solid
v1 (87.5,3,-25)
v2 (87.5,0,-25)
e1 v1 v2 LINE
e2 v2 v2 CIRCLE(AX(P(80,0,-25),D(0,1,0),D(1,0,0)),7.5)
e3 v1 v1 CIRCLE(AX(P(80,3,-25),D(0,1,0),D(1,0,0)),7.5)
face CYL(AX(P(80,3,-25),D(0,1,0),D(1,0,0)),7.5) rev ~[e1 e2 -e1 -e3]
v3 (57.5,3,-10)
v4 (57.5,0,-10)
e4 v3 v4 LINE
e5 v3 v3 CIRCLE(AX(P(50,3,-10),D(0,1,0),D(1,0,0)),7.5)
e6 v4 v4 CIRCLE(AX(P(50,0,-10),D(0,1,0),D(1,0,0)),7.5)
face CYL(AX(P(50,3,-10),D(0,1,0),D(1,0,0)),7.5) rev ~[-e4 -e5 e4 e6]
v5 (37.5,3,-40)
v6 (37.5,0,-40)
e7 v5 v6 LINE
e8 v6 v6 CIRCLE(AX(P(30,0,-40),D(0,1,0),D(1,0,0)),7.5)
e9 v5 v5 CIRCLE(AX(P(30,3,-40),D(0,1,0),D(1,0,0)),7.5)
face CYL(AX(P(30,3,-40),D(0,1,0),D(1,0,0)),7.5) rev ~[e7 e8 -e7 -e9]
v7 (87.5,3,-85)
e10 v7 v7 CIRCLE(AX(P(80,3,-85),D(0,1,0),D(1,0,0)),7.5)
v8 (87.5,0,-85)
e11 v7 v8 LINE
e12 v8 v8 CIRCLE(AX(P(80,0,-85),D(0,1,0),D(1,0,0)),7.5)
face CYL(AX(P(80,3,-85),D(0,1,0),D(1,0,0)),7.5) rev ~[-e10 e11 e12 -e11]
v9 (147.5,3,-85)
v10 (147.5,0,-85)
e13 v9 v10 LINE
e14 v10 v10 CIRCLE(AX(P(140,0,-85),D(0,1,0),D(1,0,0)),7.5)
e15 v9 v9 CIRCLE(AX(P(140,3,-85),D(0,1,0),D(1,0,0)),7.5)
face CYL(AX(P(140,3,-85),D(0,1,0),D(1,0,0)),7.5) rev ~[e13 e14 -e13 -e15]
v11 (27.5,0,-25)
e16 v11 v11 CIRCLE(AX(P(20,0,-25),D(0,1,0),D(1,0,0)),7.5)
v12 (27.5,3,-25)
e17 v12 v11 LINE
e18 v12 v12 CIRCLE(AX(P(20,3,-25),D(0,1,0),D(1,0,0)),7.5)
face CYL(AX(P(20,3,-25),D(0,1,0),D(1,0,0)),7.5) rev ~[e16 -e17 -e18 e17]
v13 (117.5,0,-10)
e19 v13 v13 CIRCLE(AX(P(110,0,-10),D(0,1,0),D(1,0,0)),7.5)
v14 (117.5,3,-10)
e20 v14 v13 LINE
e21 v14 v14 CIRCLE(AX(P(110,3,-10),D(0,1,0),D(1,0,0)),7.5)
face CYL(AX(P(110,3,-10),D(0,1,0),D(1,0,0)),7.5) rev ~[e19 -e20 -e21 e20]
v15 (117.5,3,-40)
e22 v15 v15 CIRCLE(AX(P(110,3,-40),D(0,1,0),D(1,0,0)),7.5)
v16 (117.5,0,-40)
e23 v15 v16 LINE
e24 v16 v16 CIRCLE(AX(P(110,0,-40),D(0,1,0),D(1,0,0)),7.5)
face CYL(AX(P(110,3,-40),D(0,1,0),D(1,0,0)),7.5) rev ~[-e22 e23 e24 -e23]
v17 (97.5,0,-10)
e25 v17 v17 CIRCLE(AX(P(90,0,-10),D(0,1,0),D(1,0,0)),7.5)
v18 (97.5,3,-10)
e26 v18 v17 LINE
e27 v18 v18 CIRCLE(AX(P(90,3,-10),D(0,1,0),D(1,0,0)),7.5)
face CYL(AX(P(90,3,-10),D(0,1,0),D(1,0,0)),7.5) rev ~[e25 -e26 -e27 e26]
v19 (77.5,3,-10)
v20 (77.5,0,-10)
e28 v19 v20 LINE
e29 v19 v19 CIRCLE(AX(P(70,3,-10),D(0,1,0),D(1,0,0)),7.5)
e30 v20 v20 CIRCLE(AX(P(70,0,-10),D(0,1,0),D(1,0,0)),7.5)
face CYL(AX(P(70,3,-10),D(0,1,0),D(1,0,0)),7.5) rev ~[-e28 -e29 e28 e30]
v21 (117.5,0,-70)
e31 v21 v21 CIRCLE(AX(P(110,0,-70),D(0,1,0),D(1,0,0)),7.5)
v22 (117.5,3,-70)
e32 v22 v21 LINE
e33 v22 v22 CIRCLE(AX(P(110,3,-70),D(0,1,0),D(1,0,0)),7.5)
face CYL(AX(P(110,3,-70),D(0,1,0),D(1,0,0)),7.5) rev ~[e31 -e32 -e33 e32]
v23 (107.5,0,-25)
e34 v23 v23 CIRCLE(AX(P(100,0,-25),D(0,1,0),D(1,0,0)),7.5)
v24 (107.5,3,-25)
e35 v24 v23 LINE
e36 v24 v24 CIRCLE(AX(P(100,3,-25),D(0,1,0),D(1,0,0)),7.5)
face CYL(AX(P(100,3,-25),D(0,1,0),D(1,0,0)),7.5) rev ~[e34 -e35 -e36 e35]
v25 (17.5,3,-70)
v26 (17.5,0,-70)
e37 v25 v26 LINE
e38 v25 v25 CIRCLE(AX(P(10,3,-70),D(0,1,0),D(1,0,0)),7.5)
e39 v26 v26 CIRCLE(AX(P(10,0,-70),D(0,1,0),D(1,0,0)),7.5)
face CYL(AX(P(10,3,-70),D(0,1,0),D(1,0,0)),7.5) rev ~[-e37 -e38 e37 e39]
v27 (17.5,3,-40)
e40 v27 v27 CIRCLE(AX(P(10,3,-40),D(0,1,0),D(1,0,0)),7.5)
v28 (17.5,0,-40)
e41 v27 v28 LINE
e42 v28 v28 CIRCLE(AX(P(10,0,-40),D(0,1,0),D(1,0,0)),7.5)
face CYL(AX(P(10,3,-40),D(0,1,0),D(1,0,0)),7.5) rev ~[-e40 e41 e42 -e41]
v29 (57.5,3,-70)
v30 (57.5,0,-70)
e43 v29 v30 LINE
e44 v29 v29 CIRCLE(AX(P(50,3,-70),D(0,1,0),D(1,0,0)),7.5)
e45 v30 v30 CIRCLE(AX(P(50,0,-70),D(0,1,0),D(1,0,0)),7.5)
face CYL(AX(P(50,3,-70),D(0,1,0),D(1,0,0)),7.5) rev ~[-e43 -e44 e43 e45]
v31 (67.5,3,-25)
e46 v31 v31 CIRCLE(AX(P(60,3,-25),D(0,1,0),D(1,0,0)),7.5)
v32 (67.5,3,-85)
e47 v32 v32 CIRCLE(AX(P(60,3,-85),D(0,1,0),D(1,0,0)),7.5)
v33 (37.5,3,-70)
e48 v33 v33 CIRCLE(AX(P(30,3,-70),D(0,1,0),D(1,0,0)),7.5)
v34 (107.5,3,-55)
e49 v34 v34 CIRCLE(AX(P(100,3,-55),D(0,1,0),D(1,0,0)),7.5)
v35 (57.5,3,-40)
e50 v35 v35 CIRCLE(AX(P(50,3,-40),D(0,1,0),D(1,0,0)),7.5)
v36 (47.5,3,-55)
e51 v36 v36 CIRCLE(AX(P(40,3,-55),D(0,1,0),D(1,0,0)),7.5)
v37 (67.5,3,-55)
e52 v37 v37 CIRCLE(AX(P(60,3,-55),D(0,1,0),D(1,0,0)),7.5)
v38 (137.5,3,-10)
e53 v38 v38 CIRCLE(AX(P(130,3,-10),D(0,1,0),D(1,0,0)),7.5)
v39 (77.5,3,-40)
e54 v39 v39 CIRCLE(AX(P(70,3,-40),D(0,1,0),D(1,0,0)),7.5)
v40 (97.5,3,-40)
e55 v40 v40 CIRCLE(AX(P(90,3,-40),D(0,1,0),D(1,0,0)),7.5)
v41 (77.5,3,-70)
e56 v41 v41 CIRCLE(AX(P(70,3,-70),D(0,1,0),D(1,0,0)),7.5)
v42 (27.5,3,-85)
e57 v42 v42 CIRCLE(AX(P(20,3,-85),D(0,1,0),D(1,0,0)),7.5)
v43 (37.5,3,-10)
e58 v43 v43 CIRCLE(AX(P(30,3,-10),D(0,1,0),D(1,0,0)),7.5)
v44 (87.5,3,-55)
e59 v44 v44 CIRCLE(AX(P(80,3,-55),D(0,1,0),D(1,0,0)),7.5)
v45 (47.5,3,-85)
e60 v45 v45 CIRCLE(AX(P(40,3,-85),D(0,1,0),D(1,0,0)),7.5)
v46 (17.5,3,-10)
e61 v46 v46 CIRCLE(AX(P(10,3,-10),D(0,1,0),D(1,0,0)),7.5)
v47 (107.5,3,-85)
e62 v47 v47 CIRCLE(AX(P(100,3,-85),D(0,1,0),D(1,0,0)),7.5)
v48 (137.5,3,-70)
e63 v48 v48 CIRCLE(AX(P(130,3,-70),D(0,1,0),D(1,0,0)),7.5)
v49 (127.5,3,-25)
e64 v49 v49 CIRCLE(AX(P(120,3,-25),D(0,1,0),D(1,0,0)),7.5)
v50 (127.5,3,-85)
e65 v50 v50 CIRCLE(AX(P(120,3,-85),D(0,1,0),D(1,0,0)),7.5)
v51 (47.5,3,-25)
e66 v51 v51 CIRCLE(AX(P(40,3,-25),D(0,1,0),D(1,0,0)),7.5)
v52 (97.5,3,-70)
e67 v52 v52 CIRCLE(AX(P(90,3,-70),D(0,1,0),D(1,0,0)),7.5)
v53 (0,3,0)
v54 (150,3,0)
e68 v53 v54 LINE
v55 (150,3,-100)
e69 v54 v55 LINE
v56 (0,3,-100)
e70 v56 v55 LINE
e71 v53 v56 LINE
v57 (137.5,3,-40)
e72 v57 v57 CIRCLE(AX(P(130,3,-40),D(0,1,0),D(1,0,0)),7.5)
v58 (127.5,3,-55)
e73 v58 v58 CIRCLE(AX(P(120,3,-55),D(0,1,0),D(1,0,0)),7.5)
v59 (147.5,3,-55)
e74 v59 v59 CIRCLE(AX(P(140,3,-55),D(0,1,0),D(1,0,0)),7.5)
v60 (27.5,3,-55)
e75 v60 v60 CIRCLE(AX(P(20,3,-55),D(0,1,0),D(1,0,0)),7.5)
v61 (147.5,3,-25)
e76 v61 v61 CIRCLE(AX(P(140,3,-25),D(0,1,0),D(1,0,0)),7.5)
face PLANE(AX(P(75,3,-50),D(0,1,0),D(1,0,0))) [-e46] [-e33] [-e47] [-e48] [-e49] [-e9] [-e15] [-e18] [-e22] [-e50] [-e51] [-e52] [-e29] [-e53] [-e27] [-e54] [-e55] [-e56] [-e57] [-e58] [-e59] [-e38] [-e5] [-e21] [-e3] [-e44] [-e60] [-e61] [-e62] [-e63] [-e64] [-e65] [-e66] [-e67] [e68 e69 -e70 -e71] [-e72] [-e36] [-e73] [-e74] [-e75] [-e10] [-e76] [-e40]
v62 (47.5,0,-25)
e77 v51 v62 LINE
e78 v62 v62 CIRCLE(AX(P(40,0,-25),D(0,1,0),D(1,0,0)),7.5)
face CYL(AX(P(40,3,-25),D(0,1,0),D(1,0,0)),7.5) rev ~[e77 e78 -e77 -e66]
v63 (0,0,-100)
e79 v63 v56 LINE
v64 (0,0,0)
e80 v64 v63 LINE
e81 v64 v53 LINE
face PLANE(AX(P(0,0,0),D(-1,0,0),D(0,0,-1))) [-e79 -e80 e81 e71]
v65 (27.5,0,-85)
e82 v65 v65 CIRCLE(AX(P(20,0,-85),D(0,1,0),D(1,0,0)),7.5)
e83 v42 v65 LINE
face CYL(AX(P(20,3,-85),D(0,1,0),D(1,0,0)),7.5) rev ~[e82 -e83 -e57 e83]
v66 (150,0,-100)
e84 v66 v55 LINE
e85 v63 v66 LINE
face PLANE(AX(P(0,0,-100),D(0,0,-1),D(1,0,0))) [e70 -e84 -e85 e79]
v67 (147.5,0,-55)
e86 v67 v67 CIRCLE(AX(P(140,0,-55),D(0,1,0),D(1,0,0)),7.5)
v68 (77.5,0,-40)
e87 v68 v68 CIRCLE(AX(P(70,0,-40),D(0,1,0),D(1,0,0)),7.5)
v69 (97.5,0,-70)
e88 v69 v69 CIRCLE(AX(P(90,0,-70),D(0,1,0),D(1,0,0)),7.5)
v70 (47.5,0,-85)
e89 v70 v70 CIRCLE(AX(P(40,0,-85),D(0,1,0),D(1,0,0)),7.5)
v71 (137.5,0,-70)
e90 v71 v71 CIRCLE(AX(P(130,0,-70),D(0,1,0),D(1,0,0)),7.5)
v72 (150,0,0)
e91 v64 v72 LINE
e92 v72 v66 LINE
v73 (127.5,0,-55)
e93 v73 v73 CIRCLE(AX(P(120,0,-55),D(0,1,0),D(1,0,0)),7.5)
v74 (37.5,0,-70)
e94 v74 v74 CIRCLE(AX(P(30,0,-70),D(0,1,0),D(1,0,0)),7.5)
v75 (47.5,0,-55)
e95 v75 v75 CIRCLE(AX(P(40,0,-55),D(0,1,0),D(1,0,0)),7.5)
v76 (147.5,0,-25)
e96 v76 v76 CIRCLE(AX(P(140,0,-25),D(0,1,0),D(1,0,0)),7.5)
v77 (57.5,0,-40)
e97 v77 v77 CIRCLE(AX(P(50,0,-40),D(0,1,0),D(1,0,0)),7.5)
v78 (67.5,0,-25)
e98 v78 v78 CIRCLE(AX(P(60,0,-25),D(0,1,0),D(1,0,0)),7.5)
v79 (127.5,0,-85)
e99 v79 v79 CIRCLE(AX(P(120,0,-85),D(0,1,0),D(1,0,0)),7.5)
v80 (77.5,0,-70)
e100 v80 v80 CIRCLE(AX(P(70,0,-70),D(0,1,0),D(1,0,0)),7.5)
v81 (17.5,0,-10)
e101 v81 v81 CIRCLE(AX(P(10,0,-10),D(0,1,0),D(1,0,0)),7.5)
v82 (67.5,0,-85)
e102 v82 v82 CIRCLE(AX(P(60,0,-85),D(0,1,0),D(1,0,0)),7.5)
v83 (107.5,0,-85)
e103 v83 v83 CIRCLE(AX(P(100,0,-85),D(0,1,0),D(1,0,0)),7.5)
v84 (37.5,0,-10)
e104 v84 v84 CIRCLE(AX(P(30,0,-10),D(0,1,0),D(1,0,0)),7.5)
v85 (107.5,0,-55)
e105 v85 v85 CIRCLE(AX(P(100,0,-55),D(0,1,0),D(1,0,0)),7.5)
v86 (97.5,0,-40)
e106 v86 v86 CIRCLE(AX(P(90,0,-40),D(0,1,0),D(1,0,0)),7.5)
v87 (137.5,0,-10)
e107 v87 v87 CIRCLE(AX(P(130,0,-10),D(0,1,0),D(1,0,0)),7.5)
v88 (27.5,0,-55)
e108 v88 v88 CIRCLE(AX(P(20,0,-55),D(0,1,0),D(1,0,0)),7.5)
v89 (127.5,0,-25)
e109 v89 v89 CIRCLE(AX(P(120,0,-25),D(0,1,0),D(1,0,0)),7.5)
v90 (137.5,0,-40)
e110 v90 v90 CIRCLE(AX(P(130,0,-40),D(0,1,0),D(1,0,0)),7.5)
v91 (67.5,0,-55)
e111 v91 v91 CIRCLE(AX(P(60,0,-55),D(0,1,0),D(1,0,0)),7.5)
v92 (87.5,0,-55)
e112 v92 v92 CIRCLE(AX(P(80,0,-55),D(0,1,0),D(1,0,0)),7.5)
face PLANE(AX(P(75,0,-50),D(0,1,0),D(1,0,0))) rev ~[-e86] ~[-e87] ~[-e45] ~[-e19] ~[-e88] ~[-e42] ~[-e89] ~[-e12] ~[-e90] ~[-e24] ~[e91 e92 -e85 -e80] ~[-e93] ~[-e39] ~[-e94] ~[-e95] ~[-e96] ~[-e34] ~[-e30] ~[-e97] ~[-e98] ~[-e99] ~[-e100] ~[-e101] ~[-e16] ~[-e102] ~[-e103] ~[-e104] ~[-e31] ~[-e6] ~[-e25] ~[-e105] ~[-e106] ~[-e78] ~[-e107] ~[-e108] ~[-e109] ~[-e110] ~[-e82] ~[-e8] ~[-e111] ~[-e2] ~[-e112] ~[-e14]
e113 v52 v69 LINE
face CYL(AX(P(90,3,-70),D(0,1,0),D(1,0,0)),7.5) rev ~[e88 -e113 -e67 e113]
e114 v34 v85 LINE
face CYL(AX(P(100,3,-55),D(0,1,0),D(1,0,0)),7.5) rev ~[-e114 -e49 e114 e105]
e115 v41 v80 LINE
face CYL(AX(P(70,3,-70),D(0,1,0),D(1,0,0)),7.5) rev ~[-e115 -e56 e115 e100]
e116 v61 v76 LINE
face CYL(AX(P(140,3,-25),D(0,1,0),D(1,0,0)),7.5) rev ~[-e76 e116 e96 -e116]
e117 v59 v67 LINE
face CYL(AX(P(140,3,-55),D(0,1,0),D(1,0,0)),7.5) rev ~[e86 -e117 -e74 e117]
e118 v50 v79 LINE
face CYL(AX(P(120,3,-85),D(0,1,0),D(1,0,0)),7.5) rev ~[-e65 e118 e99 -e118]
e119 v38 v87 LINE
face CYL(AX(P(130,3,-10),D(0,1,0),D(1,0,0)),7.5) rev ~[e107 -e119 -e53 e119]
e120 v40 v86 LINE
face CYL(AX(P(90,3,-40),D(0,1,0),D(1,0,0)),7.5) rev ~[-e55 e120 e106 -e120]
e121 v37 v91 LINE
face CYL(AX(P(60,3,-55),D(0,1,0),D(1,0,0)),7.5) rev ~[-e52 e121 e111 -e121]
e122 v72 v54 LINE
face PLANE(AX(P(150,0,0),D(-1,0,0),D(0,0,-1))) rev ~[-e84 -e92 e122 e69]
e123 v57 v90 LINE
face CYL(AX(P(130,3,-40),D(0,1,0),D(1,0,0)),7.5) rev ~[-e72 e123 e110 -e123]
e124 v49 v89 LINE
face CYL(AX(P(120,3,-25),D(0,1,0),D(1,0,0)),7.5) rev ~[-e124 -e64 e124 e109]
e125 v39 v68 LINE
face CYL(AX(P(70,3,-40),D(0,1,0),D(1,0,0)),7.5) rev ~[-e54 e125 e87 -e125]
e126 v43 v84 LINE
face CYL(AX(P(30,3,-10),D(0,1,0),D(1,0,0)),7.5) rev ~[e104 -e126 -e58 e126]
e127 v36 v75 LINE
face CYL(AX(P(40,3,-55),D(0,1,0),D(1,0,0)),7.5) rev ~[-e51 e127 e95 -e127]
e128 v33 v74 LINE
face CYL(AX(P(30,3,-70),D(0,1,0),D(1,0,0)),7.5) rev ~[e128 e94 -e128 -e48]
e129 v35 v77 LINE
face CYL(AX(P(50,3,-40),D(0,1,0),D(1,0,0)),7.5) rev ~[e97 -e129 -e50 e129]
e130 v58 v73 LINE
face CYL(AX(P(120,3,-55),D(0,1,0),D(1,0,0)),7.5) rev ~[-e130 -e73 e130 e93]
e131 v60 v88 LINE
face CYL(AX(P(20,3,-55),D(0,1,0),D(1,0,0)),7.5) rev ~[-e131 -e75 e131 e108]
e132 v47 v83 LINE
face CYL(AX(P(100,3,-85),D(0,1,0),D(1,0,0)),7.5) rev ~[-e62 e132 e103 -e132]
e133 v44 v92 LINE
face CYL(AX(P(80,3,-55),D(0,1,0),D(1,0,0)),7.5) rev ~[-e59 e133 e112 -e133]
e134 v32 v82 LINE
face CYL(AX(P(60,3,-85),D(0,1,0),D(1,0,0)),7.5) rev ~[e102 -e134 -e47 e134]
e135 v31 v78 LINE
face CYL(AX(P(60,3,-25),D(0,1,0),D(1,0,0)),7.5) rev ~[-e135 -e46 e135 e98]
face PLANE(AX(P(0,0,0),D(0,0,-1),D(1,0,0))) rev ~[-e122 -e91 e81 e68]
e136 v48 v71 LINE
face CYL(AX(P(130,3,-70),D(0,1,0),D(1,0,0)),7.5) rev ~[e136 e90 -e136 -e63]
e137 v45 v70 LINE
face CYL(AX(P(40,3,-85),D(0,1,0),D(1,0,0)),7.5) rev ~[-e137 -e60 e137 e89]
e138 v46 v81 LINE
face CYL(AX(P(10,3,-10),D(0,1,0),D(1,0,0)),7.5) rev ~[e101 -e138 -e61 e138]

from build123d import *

# Parameters (mm, degrees)
SKETCH_1_W          = 150
SKETCH_1_H          = 100
EXTRUDE_1_DEPTH     = 3
SKETCH_2_R          = 7.5
CUT_EXTRUDE_1_DEPTH = 4


with BuildPart() as part:
    # Эскиз1 → Бобышка-Вытянуть1 (new body)
    with BuildSketch(Plane(origin=(0, 0, 0), x_dir=(1, 0, 0), z_dir=(0, 1, 0))):
        with Locations((75, 50)):
            Rectangle(SKETCH_1_W, SKETCH_1_H)
    extrude(amount=EXTRUDE_1_DEPTH)

    # Эскиз2 → Вырез-Вытянуть1 (cut, through all)
    with BuildSketch(Plane(origin=(0, 3, 0), x_dir=(1, 0, 0), z_dir=(0, 1, 0))):
        with Locations((10, 10)):
            Circle(SKETCH_2_R)
        with Locations((20, 25)):
            Circle(SKETCH_2_R)
        with Locations((30, 10)):
            Circle(SKETCH_2_R)
        with Locations((40, 25)):
            Circle(SKETCH_2_R)
        with Locations((50, 10)):
            Circle(SKETCH_2_R)
        with Locations((60, 25)):
            Circle(SKETCH_2_R)
        with Locations((70, 10)):
            Circle(SKETCH_2_R)
        with Locations((80, 25)):
            Circle(SKETCH_2_R)
        with Locations((90, 10)):
            Circle(SKETCH_2_R)
        with Locations((100, 25)):
            Circle(SKETCH_2_R)
        with Locations((110, 10)):
            Circle(SKETCH_2_R)
        with Locations((120, 25)):
            Circle(SKETCH_2_R)
        with Locations((130, 10)):
            Circle(SKETCH_2_R)
        with Locations((140, 25)):
            Circle(SKETCH_2_R)
        with Locations((30, 40)):
            Circle(SKETCH_2_R)
        with Locations((40, 55)):
            Circle(SKETCH_2_R)
        with Locations((50, 40)):
            Circle(SKETCH_2_R)
        with Locations((60, 55)):
            Circle(SKETCH_2_R)
        with Locations((70, 40)):
            Circle(SKETCH_2_R)
        with Locations((80, 55)):
            Circle(SKETCH_2_R)
        with Locations((90, 40)):
            Circle(SKETCH_2_R)
        with Locations((100, 55)):
            Circle(SKETCH_2_R)
        with Locations((110, 40)):
            Circle(SKETCH_2_R)
        with Locations((120, 55)):
            Circle(SKETCH_2_R)
        with Locations((130, 40)):
            Circle(SKETCH_2_R)
        with Locations((140, 55)):
            Circle(SKETCH_2_R)
        with Locations((30, 70)):
            Circle(SKETCH_2_R)
        with Locations((40, 85)):
            Circle(SKETCH_2_R)
        with Locations((50, 70)):
            Circle(SKETCH_2_R)
        with Locations((60, 85)):
            Circle(SKETCH_2_R)
        with Locations((70, 70)):
            Circle(SKETCH_2_R)
        with Locations((80, 85)):
            Circle(SKETCH_2_R)
        with Locations((90, 70)):
            Circle(SKETCH_2_R)
        with Locations((100, 85)):
            Circle(SKETCH_2_R)
        with Locations((110, 70)):
            Circle(SKETCH_2_R)
        with Locations((120, 85)):
            Circle(SKETCH_2_R)
        with Locations((130, 70)):
            Circle(SKETCH_2_R)
        with Locations((140, 85)):
            Circle(SKETCH_2_R)
        with Locations((10, 40)):
            Circle(SKETCH_2_R)
        with Locations((20, 55)):
            Circle(SKETCH_2_R)
        with Locations((10, 70)):
            Circle(SKETCH_2_R)
        with Locations((20, 85)):
            Circle(SKETCH_2_R)
    extrude(amount=-CUT_EXTRUDE_1_DEPTH, mode=Mode.SUBTRACT)


solid = part.part
